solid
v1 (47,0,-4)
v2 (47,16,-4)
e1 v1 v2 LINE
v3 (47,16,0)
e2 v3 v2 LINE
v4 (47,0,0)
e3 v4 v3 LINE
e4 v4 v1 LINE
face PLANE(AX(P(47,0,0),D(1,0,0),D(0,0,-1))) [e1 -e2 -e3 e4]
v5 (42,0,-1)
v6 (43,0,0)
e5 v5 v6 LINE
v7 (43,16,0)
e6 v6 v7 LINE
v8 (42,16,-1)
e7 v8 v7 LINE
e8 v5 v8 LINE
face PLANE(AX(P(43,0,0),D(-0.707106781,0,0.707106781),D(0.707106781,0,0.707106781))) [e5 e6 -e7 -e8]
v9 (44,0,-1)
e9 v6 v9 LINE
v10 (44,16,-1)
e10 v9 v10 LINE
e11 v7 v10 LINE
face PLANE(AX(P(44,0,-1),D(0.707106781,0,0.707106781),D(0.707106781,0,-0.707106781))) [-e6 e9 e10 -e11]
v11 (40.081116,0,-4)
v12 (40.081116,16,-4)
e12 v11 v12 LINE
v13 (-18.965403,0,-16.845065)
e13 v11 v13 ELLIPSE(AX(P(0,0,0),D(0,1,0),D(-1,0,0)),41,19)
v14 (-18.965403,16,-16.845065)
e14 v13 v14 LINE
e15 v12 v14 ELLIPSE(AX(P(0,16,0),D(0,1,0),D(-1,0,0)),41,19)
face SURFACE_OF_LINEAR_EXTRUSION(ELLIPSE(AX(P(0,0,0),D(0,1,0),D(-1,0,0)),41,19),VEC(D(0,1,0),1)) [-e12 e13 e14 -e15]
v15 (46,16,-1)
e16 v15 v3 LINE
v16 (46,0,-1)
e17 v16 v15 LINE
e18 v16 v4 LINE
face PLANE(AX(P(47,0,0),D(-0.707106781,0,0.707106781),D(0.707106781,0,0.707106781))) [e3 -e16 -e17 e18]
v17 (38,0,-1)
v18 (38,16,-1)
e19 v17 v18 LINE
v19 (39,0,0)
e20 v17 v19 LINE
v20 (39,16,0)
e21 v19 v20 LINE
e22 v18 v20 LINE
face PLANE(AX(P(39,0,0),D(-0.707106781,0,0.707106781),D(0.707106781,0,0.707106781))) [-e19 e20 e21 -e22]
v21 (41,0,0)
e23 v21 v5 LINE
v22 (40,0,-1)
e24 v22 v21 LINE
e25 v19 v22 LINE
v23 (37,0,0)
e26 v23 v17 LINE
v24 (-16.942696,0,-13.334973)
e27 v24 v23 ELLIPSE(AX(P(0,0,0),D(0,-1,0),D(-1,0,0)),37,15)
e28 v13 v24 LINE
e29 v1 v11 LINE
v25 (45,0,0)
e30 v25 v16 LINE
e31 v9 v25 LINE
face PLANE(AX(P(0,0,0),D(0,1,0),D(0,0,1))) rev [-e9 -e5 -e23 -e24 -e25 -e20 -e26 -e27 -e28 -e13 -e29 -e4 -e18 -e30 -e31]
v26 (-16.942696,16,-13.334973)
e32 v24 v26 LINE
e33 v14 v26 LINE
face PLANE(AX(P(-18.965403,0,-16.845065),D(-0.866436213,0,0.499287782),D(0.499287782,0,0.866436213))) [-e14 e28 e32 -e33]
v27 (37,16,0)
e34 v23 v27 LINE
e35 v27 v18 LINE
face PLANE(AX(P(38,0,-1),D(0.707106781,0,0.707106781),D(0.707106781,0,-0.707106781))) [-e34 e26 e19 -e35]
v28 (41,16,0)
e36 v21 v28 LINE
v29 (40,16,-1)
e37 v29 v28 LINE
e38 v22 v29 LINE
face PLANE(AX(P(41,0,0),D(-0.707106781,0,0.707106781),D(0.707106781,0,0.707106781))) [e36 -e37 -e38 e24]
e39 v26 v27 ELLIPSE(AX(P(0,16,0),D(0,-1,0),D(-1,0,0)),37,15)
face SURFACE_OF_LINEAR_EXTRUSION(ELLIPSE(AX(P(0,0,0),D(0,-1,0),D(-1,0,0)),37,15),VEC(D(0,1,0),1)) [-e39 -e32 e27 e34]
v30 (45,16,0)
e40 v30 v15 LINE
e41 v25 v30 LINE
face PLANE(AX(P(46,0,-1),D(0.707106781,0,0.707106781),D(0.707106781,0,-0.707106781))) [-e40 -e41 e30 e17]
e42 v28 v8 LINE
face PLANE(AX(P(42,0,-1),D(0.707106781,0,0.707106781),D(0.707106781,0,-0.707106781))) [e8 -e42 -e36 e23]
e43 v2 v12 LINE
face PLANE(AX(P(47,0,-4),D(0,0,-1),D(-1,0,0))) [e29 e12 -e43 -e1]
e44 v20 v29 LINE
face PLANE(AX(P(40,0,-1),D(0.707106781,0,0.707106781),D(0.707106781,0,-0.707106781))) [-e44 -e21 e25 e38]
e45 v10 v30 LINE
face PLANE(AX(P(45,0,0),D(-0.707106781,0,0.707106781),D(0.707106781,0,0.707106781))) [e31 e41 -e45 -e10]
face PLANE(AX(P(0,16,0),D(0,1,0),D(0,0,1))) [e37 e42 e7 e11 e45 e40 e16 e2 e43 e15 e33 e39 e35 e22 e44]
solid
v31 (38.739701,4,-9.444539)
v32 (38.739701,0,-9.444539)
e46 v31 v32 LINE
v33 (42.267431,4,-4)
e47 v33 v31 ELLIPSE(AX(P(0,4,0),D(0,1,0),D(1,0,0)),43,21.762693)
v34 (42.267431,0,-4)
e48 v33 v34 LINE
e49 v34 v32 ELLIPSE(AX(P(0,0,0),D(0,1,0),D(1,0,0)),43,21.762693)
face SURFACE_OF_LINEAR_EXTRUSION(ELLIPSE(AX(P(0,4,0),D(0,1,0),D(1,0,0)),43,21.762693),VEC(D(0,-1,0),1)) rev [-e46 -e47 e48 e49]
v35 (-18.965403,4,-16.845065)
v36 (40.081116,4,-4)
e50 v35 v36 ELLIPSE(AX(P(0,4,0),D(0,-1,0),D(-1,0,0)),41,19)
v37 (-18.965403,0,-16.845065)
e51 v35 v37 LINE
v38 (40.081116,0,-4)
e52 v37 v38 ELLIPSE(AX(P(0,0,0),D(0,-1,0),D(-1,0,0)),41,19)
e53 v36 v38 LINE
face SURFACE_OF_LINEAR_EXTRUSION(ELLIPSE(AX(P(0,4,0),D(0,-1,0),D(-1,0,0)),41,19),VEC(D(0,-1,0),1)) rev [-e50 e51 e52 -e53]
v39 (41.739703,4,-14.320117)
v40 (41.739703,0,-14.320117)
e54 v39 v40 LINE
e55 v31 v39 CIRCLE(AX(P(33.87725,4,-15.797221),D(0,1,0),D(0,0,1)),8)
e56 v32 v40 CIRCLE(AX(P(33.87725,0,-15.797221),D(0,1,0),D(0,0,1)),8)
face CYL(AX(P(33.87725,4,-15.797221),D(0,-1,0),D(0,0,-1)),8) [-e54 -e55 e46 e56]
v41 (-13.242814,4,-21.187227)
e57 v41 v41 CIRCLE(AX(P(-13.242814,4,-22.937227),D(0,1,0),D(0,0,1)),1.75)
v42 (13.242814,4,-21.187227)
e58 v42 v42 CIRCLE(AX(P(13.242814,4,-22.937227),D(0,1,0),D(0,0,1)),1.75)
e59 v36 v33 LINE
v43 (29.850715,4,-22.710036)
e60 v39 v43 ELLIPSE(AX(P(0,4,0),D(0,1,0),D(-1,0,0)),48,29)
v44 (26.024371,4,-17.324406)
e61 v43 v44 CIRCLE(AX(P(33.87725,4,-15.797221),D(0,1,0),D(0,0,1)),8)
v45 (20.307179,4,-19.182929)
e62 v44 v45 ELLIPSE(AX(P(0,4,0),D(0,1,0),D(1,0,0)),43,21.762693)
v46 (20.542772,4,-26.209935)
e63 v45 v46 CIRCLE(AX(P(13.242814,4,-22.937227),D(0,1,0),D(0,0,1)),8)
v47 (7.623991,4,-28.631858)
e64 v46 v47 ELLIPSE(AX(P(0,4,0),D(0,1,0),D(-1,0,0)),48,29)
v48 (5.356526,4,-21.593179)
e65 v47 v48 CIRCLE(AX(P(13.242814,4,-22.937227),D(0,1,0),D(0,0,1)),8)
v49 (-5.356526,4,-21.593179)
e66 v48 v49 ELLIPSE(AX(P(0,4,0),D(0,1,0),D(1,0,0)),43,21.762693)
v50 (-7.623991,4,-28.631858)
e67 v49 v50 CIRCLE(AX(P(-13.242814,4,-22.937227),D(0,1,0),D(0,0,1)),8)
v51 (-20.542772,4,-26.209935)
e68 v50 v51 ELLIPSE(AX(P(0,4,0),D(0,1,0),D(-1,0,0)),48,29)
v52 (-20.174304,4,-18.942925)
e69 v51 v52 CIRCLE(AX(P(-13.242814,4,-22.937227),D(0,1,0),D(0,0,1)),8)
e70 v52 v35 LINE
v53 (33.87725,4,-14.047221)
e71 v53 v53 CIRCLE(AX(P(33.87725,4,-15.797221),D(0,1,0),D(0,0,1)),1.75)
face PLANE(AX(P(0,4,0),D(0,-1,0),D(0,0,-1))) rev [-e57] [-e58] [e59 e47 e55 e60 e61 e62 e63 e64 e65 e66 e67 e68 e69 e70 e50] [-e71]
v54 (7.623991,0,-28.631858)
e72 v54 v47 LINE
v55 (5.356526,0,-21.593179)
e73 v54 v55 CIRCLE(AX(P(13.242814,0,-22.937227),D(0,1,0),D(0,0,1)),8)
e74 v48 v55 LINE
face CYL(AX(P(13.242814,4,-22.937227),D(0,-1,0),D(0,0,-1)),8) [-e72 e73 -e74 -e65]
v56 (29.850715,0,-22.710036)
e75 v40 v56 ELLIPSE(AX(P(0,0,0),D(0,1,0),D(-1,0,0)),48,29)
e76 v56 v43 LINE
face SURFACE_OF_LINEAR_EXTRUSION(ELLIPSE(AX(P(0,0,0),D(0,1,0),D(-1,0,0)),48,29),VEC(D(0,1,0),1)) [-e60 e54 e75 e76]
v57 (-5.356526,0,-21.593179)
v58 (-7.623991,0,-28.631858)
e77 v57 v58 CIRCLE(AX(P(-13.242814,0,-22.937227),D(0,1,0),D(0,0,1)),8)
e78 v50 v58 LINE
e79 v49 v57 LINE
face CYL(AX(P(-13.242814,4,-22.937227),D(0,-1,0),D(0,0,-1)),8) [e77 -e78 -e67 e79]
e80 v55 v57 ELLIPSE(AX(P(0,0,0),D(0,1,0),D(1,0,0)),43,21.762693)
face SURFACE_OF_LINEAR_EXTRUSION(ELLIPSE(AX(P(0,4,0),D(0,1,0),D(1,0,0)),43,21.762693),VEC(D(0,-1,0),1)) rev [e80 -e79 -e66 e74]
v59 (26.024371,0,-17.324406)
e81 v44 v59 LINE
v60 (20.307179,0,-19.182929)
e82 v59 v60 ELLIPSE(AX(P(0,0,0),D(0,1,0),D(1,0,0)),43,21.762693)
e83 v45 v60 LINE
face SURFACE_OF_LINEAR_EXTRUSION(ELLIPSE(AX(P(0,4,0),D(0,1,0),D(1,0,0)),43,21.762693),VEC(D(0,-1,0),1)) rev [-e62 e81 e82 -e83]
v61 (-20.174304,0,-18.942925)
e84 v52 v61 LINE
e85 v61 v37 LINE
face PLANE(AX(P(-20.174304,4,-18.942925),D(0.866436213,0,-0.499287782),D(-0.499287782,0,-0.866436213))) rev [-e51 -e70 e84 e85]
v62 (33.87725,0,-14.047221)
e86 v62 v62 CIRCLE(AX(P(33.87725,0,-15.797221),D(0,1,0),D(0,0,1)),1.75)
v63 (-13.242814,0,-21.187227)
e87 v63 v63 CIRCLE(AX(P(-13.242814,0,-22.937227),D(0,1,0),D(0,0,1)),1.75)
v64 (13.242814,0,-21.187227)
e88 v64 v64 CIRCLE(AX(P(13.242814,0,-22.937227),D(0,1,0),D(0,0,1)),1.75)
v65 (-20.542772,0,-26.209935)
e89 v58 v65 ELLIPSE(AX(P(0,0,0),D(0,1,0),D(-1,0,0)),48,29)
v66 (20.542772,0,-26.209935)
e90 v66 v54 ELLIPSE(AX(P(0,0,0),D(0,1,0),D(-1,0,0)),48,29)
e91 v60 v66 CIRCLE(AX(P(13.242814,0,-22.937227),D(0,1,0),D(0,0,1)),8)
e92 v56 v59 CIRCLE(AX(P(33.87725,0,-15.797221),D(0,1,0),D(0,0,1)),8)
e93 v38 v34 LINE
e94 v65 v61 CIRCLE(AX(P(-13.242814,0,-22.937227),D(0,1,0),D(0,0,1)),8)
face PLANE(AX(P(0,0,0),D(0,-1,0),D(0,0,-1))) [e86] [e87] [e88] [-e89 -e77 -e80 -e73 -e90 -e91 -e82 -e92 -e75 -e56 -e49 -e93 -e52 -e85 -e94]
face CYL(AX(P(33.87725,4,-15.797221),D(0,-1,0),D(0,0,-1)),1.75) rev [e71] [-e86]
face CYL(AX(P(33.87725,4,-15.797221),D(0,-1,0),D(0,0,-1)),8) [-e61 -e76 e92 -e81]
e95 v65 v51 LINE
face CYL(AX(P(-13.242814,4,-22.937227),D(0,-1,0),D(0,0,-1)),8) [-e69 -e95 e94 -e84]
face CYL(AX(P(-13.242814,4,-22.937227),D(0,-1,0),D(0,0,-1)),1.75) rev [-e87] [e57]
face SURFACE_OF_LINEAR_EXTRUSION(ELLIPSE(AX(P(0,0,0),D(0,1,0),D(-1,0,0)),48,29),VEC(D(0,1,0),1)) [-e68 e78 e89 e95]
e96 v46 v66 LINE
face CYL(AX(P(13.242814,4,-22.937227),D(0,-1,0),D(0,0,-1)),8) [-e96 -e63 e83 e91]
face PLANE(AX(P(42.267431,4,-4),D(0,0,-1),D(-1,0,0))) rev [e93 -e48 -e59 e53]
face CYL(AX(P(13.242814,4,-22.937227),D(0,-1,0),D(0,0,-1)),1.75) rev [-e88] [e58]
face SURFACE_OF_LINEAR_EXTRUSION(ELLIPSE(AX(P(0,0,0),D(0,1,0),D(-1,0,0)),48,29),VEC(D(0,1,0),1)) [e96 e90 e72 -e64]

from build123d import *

# Parameters (mm, degrees)
SKETCH_1_R           = 1.75
EXTRUDE_1_DEPTH      = 4
EXTRUDE_2_DEPTH      = 12
EXTRUDE_2_DEPTH_BACK = 4
SKETCH_3_RX          = 67.635215972
SKETCH_3_RY          = 42.561403697
SKETCH_3_RX_2        = 48
SKETCH_3_RY_2        = 29
CUT_EXTRUDE_1_DEPTH  = 58.533572984


with BuildPart() as part:
    # Эскиз1 → Бобышка-Вытянуть1 (new body)
    with BuildSketch(Plane(origin=(0, 0, 0), x_dir=(1, 0, 0), z_dir=(0, 1, 0))):
        with BuildLine():
            Line((-20.174303771, 18.942924546), (-18.965402515, 16.84506463))
            add(Edge.make_bspline(
                [(40.081115814, 4), (28.750564553, 28.382056896), (-18.965402515, 16.84506463)],
                knots=[3.353705964, 3.353705964, 3.353705964, 5.193281659, 5.193281659, 5.193281659], degree=2, weights=[1, 0.605988932, 1]))
            Line((40.081115814, 4), (42.267431178, 4))
            add(Edge.make_bspline(
                [(42.267431178, 4), (41.217865879, 6.840819881), (38.739700818, 9.444538848)],
                knots=[0.184851718, 0.184851718, 0.184851718, 0.44890402, 0.44890402, 0.44890402], degree=2, weights=[1, 0.9912972, 1]))
            ThreePointArc((38.739700818, 9.444538848), (38.091362137, 22.597313653), (26.024371113, 17.32440594))
            add(Edge.make_bspline(
                [(26.024371113, 17.32440594), (23.311300844, 18.368335767), (20.30717858, 19.182928724)],
                knots=[0.920756723, 0.920756723, 0.920756723, 1.078943412, 1.078943412, 1.078943412], degree=2, weights=[1, 0.996873752, 1]))
            ThreePointArc((20.30717858, 19.182928724), (14.516083792, 30.835250875), (5.356526294, 21.593178771))
            add(Edge.make_bspline(
                [(5.356526294, 21.593178771), (0, 21.933538582), (-5.356526294, 21.593178771)],
                knots=[1.445901501, 1.445901501, 1.445901501, 1.695691152, 1.695691152, 1.695691152], degree=2, weights=[1, 0.992210774, 1]))
            ThreePointArc((-5.356526294, 21.593178771), (-14.651313877, 30.81225876), (-20.174303771, 18.942924546))
        make_face()
        with Locations(Location((33.877249978, 15.797221102, 0), (0, 0, 270))):
            Circle(SKETCH_1_R, mode=Mode.SUBTRACT)
        with Locations(Location((13.24281407, 22.937226804, 0), (0, 0, 270))):
            Circle(SKETCH_1_R, mode=Mode.SUBTRACT)
        with Locations(Location((-13.24281407, 22.937226804, 0), (0, 0, 270))):
            Circle(SKETCH_1_R, mode=Mode.SUBTRACT)
    extrude(amount=EXTRUDE_1_DEPTH)

    # Эскиз3 → Вырез-Вытянуть1 (cut, through all)
    with BuildSketch(Plane(origin=(0, 4, 0), x_dir=(1, 0, 0), z_dir=(0, 1, 0))):
        with Locations(Location((0, 0), (0, 0, 180))):
            Ellipse(SKETCH_3_RX, SKETCH_3_RY)
        with Locations(Location((0, 0), (0, 0, 180))):
            Ellipse(SKETCH_3_RX_2, SKETCH_3_RY_2, mode=Mode.SUBTRACT)
    extrude(amount=-CUT_EXTRUDE_1_DEPTH, mode=Mode.SUBTRACT)


with BuildPart() as body_2:
    # Эскиз2 → Бобышка-Вытянуть2 (new, two sides: drawn at the far end of the back side and taken through both)
    with BuildSketch(Plane(origin=(0, 4, 0), x_dir=(1, 0, 0), z_dir=(0, 1, 0)).offset(-EXTRUDE_2_DEPTH_BACK)):
        with BuildLine():
            Line((47, 0), (47, 4))
            Line((47, 4), (40.081115814, 4))
            add(Edge.make_bspline(
                [(40.081115814, 4), (28.750564553, 28.382056896), (-18.965402515, 16.84506463)],
                knots=[3.353705964, 3.353705964, 3.353705964, 5.193281659, 5.193281659, 5.193281659], degree=2, weights=[1, 0.605988932, 1]))
            Line((-18.965402515, 16.84506463), (-16.942696267, 13.334972849))
            add(Edge.make_bspline(
                [(37, 0), (37, 24.599218419), (-16.942696267, 13.334972849)],
                knots=[3.141592654, 3.141592654, 3.141592654, 5.18803259, 5.18803259, 5.18803259], degree=2, weights=[1, 0.520619482, 1]))
            Line((37, 0), (38, 1))
            Line((38, 1), (39, 0))
            Line((39, 0), (40, 1))
            Line((40, 1), (41, 0))
            Line((41, 0), (42, 1))
            Line((42, 1), (43, 0))
            Line((43, 0), (44, 1))
            Line((44, 1), (45, 0))
            Line((45, 0), (46, 1))
            Line((46, 1), (47, 0))
        make_face()
    extrude(amount=EXTRUDE_2_DEPTH + EXTRUDE_2_DEPTH_BACK)


solid = Compound([part.part, body_2.part])
